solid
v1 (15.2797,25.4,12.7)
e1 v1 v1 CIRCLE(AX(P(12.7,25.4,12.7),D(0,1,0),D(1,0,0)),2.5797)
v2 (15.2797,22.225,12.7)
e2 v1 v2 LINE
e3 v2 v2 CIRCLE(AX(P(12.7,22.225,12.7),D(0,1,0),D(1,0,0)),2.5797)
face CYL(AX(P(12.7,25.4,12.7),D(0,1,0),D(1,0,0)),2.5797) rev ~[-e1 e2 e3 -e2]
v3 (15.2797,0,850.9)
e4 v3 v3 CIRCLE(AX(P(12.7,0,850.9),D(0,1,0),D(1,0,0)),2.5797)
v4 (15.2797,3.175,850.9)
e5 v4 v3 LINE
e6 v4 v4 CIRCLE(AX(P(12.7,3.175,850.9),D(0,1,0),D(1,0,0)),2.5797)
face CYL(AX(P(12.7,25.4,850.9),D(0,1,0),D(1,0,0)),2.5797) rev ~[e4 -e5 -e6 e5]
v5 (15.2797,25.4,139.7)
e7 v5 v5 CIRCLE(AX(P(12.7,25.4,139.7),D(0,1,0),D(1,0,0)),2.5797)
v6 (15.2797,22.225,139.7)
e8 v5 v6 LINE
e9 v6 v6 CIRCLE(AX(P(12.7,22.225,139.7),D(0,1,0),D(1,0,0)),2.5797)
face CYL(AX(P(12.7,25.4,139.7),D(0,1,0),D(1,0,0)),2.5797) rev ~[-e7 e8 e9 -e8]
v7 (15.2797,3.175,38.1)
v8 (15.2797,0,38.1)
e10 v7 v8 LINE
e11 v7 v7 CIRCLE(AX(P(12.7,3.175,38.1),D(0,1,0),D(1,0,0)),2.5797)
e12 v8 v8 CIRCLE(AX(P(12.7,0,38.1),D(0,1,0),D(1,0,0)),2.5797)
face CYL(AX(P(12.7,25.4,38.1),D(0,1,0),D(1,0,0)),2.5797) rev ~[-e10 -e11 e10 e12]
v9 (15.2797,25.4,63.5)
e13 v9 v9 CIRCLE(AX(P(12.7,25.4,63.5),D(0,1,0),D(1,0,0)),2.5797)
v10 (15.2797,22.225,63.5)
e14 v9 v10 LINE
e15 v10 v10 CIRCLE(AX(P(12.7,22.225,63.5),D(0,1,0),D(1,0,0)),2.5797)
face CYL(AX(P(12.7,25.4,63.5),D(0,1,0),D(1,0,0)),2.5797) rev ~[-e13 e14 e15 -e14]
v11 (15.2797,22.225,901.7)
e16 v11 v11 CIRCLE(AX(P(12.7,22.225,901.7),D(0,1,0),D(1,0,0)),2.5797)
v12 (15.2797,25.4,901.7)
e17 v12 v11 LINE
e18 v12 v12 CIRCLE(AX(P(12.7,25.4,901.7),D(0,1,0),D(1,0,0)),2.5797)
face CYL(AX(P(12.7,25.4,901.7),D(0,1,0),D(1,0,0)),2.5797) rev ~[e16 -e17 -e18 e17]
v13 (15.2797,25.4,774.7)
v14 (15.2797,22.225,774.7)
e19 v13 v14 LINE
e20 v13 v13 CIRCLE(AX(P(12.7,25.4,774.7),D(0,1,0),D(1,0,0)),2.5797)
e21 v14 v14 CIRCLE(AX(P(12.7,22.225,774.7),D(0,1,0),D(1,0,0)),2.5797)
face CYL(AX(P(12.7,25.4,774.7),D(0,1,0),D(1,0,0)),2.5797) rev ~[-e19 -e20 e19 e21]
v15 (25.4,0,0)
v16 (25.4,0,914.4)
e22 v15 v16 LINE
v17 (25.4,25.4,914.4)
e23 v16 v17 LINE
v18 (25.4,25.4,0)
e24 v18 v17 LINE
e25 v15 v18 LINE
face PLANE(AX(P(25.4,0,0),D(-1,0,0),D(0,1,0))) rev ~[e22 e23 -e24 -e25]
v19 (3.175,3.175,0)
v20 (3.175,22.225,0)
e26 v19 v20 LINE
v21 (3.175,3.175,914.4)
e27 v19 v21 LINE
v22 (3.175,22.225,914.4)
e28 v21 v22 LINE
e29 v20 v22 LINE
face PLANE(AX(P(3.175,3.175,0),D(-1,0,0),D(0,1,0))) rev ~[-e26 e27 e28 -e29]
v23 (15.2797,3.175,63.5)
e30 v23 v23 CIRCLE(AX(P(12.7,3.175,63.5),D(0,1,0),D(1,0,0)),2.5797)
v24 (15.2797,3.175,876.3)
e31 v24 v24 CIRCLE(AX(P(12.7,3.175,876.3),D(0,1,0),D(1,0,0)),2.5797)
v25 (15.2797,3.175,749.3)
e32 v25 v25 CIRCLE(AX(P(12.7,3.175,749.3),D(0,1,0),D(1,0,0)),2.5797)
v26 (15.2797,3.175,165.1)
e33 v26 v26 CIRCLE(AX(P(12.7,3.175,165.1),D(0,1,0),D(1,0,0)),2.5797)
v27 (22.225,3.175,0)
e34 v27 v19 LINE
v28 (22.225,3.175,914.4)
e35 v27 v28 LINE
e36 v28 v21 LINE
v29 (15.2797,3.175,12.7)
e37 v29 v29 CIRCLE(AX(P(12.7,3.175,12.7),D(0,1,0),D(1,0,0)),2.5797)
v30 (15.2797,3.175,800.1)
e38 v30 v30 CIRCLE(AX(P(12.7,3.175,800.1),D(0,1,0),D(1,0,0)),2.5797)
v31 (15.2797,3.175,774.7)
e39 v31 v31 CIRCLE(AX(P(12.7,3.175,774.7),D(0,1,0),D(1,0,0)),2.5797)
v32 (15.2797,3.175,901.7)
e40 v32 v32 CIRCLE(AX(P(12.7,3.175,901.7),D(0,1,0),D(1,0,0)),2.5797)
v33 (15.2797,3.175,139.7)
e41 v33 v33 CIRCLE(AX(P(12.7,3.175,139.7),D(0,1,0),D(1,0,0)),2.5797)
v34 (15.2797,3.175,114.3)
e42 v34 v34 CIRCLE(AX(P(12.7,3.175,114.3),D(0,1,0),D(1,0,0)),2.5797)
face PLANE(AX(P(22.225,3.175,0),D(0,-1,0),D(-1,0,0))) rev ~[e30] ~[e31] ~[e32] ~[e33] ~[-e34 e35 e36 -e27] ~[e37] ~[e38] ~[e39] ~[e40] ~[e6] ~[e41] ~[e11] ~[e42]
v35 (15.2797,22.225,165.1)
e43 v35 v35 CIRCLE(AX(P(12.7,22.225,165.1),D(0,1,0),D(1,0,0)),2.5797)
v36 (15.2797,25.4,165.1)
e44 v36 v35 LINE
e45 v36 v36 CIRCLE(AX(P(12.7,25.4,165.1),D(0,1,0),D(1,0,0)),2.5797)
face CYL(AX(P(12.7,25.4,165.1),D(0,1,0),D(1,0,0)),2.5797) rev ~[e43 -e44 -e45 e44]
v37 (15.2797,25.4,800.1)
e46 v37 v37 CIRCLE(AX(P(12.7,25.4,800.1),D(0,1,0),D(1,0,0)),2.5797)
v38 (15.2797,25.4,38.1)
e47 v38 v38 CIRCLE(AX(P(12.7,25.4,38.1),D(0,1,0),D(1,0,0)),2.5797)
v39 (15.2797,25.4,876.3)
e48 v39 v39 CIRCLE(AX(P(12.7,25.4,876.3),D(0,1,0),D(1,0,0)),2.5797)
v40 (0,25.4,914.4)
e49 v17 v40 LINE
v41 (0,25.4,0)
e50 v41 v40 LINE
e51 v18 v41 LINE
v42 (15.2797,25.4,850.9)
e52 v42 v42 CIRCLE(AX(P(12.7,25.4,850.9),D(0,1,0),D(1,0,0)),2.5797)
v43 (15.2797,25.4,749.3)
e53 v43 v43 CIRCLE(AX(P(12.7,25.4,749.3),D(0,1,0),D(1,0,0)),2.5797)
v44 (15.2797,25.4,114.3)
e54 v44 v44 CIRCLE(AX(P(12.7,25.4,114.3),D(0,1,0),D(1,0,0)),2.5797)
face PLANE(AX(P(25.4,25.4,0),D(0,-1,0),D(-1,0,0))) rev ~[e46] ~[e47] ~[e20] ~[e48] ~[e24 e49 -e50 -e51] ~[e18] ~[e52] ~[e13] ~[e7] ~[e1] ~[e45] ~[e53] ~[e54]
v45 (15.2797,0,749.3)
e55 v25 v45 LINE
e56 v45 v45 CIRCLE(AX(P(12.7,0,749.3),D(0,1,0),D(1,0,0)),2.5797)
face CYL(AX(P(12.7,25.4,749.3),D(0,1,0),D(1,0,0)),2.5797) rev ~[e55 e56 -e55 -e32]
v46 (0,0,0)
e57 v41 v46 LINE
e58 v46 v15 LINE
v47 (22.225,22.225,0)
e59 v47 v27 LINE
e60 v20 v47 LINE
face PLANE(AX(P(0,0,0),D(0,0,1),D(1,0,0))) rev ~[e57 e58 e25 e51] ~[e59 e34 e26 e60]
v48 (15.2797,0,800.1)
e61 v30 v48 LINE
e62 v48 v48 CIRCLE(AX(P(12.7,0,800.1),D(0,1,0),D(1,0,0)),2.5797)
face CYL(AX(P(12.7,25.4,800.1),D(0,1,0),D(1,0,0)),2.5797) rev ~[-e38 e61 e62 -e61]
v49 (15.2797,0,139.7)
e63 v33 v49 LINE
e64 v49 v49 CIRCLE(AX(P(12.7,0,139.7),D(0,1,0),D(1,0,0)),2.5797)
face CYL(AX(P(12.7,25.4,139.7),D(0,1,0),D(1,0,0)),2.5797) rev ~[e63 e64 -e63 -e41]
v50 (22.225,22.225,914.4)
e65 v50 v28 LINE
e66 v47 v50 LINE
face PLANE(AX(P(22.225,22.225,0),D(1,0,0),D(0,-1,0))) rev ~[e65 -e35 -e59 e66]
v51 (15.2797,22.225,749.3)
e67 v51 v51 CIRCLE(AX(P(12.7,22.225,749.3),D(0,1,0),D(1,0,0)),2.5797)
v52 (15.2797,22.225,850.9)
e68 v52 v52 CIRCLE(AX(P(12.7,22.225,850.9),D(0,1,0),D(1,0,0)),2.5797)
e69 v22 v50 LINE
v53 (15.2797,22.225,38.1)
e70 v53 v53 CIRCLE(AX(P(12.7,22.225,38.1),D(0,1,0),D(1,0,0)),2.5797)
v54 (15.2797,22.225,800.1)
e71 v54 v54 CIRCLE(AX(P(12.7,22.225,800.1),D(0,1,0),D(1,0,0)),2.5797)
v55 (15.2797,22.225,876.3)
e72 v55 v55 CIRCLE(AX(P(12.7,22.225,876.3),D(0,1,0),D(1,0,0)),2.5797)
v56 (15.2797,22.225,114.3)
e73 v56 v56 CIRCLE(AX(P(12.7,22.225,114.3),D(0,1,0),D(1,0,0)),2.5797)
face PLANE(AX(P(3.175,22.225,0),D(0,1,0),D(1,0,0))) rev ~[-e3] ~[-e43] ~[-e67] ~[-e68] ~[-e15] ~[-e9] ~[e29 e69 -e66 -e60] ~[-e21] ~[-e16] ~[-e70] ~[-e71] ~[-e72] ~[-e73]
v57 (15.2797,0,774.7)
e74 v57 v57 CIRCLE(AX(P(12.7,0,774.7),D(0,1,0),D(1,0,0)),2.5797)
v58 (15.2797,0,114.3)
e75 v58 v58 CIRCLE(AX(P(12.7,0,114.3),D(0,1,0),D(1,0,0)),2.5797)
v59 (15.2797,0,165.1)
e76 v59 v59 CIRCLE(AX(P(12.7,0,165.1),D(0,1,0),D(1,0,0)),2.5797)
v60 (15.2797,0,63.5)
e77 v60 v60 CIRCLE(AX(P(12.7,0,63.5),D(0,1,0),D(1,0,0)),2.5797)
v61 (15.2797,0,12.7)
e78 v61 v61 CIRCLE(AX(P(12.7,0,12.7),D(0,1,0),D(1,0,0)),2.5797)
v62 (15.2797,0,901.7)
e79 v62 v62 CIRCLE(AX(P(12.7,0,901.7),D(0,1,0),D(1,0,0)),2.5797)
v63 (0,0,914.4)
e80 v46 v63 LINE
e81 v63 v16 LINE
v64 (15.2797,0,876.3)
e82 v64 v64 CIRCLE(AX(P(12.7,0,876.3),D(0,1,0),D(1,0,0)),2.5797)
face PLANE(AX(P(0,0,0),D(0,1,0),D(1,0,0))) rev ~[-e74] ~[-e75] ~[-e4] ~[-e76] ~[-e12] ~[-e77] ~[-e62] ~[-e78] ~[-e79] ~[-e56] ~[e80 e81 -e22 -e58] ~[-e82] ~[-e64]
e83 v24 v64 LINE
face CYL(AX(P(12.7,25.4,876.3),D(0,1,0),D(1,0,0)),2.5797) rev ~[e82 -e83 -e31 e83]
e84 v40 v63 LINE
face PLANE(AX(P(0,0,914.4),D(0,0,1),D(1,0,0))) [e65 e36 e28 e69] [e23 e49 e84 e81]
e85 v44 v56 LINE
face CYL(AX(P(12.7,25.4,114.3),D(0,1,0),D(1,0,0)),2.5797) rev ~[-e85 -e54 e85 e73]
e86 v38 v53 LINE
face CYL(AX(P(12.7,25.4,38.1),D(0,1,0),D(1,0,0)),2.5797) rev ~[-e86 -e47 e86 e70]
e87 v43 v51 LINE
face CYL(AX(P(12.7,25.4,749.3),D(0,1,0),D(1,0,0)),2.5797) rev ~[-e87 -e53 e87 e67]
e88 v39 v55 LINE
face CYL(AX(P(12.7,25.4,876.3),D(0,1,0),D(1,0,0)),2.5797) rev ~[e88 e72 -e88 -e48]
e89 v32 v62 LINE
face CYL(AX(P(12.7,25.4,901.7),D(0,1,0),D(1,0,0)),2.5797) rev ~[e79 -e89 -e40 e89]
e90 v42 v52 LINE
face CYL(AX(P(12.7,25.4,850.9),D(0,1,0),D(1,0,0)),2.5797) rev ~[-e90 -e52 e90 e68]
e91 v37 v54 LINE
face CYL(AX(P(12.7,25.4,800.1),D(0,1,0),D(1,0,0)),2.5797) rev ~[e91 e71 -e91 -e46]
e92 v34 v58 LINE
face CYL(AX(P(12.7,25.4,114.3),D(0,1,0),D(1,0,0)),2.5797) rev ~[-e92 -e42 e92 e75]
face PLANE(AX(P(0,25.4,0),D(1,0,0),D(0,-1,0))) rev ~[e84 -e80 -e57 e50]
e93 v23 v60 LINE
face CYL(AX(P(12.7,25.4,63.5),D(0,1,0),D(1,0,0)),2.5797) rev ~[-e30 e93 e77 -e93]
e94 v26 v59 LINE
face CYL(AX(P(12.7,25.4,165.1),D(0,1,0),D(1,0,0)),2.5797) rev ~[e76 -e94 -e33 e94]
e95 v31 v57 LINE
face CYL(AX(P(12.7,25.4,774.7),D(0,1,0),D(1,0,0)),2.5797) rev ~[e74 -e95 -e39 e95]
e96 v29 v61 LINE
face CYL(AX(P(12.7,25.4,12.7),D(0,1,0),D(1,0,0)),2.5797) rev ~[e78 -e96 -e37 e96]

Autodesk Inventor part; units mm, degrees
ref_plane "YZ Plane" through (0, 0, 0) normal (1, 0, 0) x (0, 1, 0)
ref_plane "XZ Plane" through (0, 0, 0) normal (0, 1, 0) x (-1, 0, 0)
ref_plane "XY Plane" through (0, 0, 0) normal (0, 0, 1) x (1, 0, 0)
sketch "Sketch1" plane through (0, 0, 0) normal (0, 0, 1) x (1, 0, 0)
  line L0 (0, 0) -> (25.4, 0)
  line L1 (25.4, 0) -> (25.4, 25.4)
  line L2 (25.4, 25.4) -> (0, 25.4)
  line L3 (0, 25.4) -> (0, 0)
  line L4 (3.175, 22.225) -> (22.225, 22.225)
  line L5 (22.225, 22.225) -> (22.225, 3.175)
  line L6 (22.225, 3.175) -> (3.175, 3.175)
  line L7 (3.175, 3.175) -> (3.175, 22.225)
  dimension "d0" = 25.4
  dimension "d1" = 25.4
  dimension "d2" = 3.175
extrude "Extrusion1" add sketch "Sketch1" along normal blind 914.4
sketch "Sketch2" plane through (0, 25.4, 0) normal (0, 1, 0) x (1, 0, 0)
  line L0 (0, 0) -> (25.4, 0) construction
  line L1 (12.7, 0) -> (12.7, -12.7) construction
  line L2 (12.7, -12.7) -> (12.7, -38.1) construction
  line L3 (12.7, -38.1) -> (12.7, -63.5) construction
  line L4 (0, 0) -> (0, -914.4) construction
  line L5 (0, 0) -> (0, -139.7) construction
  line L6 (0, -139.7) -> (25.4, -139.7) construction
  line L7 (12.7, -139.7) -> (12.7, -114.3) construction
  line L8 (12.7, -114.3) -> (12.7, -165.1) construction
  line L9 (0, -457.2) -> (25.4, -457.2) construction
  line L10 (25.4, 0) -> (25.4, -914.4) construction
  circle A0 centre (12.7, -139.7) radius 2.5797
  circle A1 centre (12.7, -114.3) radius 2.5797
  circle A2 centre (12.7, -165.1) radius 2.5797
  circle A3 centre (12.7, -63.5) radius 2.5797
  circle A4 centre (12.7, -38.1) radius 2.5797
  circle A5 centre (12.7, -12.7) radius 2.5797
  circle A6 centre (12.7, -774.7) radius 2.5797
  circle A7 centre (12.7, -800.1) radius 2.5797
  circle A8 centre (12.7, -749.3) radius 2.5797
  circle A9 centre (12.7, -850.9) radius 2.5797
  circle A10 centre (12.7, -876.3) radius 2.5797
  circle A11 centre (12.7, -901.7) radius 2.5797
  dimension "d5" = 12.7
  dimension "d6" = 25.4
  dimension "d7" = 25.4
  dimension "d8" = 139.7
  dimension "d9" = 25.4
  dimension "d10" = 50.8
  dimension "d11" = 5.1594
extrude "Extrusion2" cut sketch "Sketch2" against normal blind 914.4
properties part number "3ft 1x1"
